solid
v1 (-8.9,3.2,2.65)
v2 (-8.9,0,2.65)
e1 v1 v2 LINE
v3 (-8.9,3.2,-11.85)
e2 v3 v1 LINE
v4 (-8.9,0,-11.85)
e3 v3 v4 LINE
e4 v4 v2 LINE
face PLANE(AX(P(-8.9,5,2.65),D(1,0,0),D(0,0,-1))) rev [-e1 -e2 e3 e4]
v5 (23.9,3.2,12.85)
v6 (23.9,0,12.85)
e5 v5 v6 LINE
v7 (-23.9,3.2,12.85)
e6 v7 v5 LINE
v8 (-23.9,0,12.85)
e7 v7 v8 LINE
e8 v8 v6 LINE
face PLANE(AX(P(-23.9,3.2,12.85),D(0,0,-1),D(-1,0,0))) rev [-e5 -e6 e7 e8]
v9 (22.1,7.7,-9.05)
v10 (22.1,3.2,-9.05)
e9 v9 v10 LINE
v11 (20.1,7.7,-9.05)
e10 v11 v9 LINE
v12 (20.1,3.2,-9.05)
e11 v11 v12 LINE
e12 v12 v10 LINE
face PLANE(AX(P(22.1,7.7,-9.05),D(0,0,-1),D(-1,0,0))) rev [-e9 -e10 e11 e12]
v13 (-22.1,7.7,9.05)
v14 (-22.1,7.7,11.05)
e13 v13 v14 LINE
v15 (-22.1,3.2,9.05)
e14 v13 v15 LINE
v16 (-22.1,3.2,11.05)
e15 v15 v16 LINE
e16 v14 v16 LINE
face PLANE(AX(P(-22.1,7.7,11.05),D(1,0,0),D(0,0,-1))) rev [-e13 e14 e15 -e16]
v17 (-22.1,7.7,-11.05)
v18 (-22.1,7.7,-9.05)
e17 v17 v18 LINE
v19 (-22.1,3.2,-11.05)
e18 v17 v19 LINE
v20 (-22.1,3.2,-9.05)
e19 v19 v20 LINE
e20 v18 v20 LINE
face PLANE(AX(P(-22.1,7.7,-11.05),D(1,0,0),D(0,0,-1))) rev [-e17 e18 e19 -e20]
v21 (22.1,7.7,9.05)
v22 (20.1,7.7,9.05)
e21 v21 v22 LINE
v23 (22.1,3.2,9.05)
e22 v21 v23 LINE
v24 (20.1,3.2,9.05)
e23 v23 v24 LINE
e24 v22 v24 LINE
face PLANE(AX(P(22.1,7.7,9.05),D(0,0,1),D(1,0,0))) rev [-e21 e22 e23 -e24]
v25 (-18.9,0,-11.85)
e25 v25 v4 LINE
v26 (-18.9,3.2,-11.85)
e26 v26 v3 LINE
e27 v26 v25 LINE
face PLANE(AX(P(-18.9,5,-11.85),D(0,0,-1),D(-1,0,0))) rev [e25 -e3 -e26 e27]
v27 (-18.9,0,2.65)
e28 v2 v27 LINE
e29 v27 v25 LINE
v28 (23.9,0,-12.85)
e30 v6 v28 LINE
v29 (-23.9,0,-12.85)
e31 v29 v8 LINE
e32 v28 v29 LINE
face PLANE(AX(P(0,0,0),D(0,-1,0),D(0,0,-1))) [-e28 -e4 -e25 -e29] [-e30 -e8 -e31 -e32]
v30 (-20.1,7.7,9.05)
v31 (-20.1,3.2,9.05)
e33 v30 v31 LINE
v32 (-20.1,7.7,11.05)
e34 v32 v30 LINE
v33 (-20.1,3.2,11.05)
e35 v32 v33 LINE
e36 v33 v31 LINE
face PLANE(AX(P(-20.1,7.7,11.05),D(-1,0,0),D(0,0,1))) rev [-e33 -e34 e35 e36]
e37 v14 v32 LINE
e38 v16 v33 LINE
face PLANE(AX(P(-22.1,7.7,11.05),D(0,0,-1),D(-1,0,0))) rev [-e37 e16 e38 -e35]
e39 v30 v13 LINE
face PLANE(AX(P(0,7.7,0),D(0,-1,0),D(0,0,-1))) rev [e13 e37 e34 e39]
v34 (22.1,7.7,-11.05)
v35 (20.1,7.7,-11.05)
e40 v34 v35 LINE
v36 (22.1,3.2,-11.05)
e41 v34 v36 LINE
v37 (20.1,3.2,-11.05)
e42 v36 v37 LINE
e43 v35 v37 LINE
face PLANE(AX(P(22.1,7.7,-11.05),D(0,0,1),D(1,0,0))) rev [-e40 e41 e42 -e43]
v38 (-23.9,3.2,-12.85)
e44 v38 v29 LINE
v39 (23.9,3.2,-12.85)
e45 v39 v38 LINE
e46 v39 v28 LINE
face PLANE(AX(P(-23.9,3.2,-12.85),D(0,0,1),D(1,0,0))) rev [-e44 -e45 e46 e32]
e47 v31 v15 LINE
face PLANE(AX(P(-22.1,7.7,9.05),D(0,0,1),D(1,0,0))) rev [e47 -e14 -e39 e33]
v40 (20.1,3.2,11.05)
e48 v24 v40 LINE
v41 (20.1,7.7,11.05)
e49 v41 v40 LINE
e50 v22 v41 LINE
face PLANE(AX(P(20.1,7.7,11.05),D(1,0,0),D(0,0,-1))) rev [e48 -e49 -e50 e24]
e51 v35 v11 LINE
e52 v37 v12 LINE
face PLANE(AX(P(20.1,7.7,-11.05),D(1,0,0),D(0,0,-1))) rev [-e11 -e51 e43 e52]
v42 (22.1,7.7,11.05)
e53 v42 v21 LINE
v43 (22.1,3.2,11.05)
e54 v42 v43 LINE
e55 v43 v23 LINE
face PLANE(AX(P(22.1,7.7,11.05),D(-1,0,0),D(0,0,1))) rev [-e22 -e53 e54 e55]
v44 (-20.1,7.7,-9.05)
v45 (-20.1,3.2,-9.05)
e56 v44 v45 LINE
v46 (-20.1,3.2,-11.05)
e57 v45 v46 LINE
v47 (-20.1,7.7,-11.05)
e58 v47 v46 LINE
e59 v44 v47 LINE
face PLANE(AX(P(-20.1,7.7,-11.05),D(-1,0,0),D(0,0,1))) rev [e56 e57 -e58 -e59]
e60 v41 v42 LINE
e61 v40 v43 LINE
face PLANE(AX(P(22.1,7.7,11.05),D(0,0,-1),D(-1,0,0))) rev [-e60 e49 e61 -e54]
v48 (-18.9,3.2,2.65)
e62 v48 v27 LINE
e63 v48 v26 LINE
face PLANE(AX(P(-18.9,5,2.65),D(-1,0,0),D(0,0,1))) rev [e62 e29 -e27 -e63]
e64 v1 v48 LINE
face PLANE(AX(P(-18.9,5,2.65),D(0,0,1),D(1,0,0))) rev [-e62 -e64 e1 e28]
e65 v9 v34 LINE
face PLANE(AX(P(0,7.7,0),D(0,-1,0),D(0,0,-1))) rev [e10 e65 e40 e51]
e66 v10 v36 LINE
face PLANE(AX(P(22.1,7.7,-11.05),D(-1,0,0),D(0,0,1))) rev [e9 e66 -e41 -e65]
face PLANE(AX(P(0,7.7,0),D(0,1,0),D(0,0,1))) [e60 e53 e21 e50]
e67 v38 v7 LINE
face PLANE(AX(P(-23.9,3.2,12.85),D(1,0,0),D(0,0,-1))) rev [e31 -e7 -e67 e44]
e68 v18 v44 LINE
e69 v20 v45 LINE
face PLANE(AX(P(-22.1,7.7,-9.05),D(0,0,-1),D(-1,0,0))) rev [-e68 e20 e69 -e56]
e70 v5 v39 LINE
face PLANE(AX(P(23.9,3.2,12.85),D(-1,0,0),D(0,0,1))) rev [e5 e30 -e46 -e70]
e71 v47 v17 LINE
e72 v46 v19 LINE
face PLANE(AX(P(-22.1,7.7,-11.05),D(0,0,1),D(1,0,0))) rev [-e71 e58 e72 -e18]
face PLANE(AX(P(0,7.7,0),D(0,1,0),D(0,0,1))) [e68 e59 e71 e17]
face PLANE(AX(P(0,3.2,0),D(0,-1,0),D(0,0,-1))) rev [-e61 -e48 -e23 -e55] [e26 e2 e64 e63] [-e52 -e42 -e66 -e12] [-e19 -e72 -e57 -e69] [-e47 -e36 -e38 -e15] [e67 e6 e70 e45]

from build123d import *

# Parameters (mm, degrees)
SCHIZZO1_W                   = 47.8
SCHIZZO1_H                   = 25.7
ESTRUSIONE_ESTRUSIONE2_DEPTH = 3.2
SCHIZZO3_W                   = 2
SCHIZZO3_H                   = 2
ESTRUSIONE_ESTRUSIONE4_DEPTH = 4.5
SCHIZZO4_W                   = 10
SCHIZZO4_H                   = 14.5
TAGLIO_ESTRUSIONE1_DEPTH     = 5


with BuildPart() as part:
    # Schizzo1 → Estrusione-Estrusione2 (new body)
    with BuildSketch(Plane(origin=(0, 0, 0), x_dir=(1, 0, 0), z_dir=(0, 1, 0))):
        Rectangle(SCHIZZO1_W, SCHIZZO1_H)
    extrude(amount=ESTRUSIONE_ESTRUSIONE2_DEPTH)

    # Schizzo3 → Estrusione-Estrusione4 (add)
    with BuildSketch(Plane(origin=(0, 3.2, 0), x_dir=(1, 0, 0), z_dir=(0, 1, 0))):
        with Locations((21.1, -10.05)):
            Rectangle(SCHIZZO3_W, SCHIZZO3_H)
        with Locations((21.1, 10.05)):
            Rectangle(SCHIZZO3_W, SCHIZZO3_H)
        with Locations((-21.1, 10.05)):
            Rectangle(SCHIZZO3_W, SCHIZZO3_H)
        with Locations((-21.1, -10.05)):
            Rectangle(SCHIZZO3_W, SCHIZZO3_H)
    extrude(amount=ESTRUSIONE_ESTRUSIONE4_DEPTH)

    # Schizzo4 → Taglio-Estrusione1 (cut)
    with BuildSketch(Plane.XZ):
        with Locations((-13.9, -4.6)):
            Rectangle(SCHIZZO4_W, SCHIZZO4_H)
    extrude(amount=-TAGLIO_ESTRUSIONE1_DEPTH, mode=Mode.SUBTRACT)


solid = part.part
